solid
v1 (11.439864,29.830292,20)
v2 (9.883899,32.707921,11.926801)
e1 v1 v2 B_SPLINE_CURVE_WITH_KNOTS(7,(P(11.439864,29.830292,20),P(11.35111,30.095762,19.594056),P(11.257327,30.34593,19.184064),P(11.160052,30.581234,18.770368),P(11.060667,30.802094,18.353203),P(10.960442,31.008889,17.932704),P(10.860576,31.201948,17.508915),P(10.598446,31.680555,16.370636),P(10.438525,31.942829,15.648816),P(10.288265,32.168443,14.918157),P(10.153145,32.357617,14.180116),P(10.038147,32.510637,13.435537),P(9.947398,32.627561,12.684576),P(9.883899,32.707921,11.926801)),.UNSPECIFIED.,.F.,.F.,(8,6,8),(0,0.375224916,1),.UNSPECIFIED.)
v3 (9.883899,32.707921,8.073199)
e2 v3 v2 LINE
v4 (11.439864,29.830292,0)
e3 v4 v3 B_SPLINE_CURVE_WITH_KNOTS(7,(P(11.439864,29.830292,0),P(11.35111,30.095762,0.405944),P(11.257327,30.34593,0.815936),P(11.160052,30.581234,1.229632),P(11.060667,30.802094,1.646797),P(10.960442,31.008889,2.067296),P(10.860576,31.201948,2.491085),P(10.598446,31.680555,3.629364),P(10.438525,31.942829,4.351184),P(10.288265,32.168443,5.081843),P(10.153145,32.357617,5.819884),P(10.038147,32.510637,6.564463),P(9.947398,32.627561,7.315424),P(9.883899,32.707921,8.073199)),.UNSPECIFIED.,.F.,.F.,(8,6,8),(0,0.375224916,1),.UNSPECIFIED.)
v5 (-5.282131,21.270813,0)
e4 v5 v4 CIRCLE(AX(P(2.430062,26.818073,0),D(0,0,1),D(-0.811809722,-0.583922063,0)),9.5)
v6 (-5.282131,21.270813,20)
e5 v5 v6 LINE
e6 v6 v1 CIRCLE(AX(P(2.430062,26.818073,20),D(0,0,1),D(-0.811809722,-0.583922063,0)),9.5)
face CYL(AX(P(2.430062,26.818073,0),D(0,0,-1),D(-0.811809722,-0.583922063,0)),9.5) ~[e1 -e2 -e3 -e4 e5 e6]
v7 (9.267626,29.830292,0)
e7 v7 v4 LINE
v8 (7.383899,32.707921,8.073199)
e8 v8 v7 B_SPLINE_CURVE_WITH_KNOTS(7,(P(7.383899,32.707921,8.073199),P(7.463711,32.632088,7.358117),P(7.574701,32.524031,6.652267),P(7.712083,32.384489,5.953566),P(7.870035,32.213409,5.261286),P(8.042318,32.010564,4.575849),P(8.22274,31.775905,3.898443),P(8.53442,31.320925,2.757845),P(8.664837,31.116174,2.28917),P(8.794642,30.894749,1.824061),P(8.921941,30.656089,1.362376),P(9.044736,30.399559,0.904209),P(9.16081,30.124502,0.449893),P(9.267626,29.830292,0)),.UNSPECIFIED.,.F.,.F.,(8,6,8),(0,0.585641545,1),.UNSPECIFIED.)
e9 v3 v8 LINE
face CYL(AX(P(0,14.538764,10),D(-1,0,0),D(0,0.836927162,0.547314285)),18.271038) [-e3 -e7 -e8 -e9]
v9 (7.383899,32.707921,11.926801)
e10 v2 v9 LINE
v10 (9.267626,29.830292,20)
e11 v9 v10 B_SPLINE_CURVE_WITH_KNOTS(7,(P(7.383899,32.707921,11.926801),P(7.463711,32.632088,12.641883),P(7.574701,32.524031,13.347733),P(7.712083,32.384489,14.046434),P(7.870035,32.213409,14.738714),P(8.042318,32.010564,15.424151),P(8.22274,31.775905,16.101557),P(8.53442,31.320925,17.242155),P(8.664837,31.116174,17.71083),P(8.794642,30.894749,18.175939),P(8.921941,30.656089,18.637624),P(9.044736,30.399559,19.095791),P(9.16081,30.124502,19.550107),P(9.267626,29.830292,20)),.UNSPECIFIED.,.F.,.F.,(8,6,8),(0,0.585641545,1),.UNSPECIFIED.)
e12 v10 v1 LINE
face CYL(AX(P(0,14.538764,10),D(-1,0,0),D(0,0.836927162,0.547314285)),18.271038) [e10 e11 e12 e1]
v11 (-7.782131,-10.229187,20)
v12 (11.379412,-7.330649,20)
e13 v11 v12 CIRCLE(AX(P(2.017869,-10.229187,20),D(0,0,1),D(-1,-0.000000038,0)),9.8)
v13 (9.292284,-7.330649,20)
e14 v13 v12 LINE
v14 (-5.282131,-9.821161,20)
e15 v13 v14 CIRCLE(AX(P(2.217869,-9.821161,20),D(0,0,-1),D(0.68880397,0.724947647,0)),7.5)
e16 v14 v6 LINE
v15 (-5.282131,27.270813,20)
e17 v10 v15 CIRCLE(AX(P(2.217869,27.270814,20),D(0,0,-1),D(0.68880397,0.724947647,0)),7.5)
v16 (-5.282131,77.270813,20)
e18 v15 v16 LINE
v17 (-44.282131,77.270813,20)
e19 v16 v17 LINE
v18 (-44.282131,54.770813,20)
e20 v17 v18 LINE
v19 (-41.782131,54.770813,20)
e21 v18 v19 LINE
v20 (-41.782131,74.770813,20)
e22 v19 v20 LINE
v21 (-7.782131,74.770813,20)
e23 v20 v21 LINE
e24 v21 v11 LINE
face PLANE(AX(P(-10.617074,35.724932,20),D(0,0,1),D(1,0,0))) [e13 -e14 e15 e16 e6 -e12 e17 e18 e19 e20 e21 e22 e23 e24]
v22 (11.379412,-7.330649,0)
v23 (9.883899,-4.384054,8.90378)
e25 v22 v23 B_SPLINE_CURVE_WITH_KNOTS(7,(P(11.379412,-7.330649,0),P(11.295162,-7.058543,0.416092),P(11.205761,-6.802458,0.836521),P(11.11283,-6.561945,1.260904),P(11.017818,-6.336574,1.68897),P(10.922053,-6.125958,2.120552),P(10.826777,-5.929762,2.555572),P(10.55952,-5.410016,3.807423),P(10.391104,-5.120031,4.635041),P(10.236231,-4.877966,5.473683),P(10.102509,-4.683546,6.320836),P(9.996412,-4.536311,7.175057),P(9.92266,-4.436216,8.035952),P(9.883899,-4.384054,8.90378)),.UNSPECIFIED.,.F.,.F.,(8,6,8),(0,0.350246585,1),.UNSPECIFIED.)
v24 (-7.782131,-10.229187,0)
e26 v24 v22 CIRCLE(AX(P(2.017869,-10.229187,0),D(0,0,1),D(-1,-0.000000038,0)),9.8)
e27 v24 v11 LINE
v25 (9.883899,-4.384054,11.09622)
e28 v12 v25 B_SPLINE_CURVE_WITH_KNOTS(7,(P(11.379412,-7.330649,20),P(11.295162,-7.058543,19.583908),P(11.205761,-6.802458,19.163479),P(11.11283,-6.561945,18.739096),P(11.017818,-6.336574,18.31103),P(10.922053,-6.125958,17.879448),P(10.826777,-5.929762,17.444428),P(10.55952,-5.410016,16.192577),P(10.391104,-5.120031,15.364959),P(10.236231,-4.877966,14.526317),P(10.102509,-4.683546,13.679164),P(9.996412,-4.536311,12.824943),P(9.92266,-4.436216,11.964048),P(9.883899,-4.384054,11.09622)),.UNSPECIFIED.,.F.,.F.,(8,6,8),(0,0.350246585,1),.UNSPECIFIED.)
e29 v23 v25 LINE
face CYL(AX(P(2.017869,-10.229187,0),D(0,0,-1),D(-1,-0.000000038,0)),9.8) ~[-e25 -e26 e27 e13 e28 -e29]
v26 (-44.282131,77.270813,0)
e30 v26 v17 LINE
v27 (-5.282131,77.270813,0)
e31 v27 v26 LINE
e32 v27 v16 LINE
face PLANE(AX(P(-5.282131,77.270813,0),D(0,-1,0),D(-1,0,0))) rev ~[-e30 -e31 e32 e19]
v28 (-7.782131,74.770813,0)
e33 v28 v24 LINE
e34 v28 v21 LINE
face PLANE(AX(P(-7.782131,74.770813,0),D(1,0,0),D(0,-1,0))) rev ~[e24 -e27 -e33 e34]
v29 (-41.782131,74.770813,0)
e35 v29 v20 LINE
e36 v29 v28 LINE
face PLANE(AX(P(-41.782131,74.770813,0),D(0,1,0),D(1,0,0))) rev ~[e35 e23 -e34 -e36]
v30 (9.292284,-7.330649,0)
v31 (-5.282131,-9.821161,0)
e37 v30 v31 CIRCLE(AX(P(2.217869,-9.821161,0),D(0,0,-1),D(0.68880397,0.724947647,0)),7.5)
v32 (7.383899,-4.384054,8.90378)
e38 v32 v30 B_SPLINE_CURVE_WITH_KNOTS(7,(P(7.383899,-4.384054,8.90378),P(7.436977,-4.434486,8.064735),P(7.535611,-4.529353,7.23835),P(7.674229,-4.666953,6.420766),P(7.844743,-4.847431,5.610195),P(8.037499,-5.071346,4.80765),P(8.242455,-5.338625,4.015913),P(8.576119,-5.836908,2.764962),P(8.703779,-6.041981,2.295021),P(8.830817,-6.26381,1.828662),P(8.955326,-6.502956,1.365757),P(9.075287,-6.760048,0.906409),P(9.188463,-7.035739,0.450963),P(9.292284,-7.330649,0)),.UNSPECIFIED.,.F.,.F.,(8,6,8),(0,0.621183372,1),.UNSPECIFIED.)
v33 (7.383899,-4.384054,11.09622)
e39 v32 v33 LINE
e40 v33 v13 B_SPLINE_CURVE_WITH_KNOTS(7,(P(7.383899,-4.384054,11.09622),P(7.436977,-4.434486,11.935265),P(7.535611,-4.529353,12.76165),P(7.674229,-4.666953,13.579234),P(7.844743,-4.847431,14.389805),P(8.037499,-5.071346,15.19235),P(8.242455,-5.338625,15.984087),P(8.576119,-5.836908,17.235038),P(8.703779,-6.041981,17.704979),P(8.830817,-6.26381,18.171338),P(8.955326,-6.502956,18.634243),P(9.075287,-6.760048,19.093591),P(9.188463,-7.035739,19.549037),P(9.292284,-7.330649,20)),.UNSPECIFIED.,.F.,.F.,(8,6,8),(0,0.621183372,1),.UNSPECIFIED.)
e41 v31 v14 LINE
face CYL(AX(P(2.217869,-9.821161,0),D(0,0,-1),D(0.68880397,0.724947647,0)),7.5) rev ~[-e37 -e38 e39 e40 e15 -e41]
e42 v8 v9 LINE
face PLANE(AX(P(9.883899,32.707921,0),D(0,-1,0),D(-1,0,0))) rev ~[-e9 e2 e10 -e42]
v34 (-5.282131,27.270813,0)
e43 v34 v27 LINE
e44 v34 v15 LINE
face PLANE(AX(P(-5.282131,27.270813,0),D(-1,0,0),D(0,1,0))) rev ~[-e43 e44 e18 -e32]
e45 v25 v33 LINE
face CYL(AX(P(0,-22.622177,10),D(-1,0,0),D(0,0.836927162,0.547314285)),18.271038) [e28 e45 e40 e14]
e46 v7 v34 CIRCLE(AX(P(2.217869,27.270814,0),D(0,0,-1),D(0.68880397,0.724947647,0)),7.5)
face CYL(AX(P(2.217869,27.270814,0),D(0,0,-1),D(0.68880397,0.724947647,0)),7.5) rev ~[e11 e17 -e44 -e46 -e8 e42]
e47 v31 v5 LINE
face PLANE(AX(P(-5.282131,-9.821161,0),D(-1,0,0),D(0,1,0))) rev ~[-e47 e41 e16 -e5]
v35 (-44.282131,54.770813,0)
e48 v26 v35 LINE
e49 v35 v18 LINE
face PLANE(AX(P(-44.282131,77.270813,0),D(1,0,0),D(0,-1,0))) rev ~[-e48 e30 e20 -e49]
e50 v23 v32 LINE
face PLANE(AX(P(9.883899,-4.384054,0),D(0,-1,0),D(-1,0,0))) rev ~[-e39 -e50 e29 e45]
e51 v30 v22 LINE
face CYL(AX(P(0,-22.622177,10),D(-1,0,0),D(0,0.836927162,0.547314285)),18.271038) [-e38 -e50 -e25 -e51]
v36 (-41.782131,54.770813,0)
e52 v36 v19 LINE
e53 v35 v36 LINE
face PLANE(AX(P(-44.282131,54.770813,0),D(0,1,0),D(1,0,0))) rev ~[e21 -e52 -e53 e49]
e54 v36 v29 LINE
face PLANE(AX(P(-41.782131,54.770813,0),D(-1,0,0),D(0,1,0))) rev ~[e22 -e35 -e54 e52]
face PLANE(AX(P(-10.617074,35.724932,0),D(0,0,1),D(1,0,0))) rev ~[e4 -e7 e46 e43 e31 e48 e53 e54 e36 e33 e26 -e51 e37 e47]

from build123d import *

# Parameters (mm, degrees)
F1_DEPTH = 20
F3_DEPTH = 25


with BuildPart() as f1:
    # F0 (on Top) → F1 (new body)
    with BuildSketch(Plane.XY):
        with BuildLine():
            Line((-44.282131, 54.770813), (-41.782131, 54.770813))
            Line((-41.782131, 54.770813), (-41.782131, 74.770813))
            Line((-41.782131, 74.770813), (-7.782131, 74.770813))
            Line((-7.782131, 74.770813), (-7.782131, -10.229187))
            ThreePointArc((-7.782131, -10.229187), (5.096254, -19.53314), (9.883899, -4.384054))
            Line((9.883899, -4.384054), (7.383899, -4.384054))
            ThreePointArc((7.383899, -4.384054), (5.176312, -16.713013), (-5.282131, -9.821161))
            Line((-5.282131, -9.821161), (-5.282131, 21.270813))
            ThreePointArc((-5.282131, 21.270813), (8.150074, 19.233123), (9.883899, 32.707921))
            Line((9.883899, 32.707921), (7.383899, 32.707921))
            ThreePointArc((7.383899, 32.707921), (5.176312, 20.378962), (-5.282131, 27.270813))
            Line((-5.282131, 27.270813), (-5.282131, 77.270813))
            Line((-5.282131, 77.270813), (-44.282131, 77.270813))
            Line((-44.282131, 77.270813), (-44.282131, 54.770813))
        make_face()
    extrude(amount=F1_DEPTH)

    # F2 (on Right) → F3 (cut)
    with BuildSketch(Plane.YZ):
        with BuildLine():
            ThreePointArc((29.830292, 20), (32.809802, 10), (29.830292, 0))
            Line((29.830292, 0), (34.945395, 0))
            Line((34.945395, 0), (34.945395, 20))
            Line((34.945395, 20), (29.830292, 20))
        make_face()
        with BuildLine():
            ThreePointArc((-7.330649, 20), (-4.351139, 10), (-7.330649, 0))
            Line((-7.330649, 0), (-2.215546, 0))
            Line((-2.215546, 0), (-2.215546, 20))
            Line((-2.215546, 20), (-7.330649, 20))
        make_face()
    extrude(amount=F3_DEPTH, mode=Mode.SUBTRACT)


solid = f1.part
